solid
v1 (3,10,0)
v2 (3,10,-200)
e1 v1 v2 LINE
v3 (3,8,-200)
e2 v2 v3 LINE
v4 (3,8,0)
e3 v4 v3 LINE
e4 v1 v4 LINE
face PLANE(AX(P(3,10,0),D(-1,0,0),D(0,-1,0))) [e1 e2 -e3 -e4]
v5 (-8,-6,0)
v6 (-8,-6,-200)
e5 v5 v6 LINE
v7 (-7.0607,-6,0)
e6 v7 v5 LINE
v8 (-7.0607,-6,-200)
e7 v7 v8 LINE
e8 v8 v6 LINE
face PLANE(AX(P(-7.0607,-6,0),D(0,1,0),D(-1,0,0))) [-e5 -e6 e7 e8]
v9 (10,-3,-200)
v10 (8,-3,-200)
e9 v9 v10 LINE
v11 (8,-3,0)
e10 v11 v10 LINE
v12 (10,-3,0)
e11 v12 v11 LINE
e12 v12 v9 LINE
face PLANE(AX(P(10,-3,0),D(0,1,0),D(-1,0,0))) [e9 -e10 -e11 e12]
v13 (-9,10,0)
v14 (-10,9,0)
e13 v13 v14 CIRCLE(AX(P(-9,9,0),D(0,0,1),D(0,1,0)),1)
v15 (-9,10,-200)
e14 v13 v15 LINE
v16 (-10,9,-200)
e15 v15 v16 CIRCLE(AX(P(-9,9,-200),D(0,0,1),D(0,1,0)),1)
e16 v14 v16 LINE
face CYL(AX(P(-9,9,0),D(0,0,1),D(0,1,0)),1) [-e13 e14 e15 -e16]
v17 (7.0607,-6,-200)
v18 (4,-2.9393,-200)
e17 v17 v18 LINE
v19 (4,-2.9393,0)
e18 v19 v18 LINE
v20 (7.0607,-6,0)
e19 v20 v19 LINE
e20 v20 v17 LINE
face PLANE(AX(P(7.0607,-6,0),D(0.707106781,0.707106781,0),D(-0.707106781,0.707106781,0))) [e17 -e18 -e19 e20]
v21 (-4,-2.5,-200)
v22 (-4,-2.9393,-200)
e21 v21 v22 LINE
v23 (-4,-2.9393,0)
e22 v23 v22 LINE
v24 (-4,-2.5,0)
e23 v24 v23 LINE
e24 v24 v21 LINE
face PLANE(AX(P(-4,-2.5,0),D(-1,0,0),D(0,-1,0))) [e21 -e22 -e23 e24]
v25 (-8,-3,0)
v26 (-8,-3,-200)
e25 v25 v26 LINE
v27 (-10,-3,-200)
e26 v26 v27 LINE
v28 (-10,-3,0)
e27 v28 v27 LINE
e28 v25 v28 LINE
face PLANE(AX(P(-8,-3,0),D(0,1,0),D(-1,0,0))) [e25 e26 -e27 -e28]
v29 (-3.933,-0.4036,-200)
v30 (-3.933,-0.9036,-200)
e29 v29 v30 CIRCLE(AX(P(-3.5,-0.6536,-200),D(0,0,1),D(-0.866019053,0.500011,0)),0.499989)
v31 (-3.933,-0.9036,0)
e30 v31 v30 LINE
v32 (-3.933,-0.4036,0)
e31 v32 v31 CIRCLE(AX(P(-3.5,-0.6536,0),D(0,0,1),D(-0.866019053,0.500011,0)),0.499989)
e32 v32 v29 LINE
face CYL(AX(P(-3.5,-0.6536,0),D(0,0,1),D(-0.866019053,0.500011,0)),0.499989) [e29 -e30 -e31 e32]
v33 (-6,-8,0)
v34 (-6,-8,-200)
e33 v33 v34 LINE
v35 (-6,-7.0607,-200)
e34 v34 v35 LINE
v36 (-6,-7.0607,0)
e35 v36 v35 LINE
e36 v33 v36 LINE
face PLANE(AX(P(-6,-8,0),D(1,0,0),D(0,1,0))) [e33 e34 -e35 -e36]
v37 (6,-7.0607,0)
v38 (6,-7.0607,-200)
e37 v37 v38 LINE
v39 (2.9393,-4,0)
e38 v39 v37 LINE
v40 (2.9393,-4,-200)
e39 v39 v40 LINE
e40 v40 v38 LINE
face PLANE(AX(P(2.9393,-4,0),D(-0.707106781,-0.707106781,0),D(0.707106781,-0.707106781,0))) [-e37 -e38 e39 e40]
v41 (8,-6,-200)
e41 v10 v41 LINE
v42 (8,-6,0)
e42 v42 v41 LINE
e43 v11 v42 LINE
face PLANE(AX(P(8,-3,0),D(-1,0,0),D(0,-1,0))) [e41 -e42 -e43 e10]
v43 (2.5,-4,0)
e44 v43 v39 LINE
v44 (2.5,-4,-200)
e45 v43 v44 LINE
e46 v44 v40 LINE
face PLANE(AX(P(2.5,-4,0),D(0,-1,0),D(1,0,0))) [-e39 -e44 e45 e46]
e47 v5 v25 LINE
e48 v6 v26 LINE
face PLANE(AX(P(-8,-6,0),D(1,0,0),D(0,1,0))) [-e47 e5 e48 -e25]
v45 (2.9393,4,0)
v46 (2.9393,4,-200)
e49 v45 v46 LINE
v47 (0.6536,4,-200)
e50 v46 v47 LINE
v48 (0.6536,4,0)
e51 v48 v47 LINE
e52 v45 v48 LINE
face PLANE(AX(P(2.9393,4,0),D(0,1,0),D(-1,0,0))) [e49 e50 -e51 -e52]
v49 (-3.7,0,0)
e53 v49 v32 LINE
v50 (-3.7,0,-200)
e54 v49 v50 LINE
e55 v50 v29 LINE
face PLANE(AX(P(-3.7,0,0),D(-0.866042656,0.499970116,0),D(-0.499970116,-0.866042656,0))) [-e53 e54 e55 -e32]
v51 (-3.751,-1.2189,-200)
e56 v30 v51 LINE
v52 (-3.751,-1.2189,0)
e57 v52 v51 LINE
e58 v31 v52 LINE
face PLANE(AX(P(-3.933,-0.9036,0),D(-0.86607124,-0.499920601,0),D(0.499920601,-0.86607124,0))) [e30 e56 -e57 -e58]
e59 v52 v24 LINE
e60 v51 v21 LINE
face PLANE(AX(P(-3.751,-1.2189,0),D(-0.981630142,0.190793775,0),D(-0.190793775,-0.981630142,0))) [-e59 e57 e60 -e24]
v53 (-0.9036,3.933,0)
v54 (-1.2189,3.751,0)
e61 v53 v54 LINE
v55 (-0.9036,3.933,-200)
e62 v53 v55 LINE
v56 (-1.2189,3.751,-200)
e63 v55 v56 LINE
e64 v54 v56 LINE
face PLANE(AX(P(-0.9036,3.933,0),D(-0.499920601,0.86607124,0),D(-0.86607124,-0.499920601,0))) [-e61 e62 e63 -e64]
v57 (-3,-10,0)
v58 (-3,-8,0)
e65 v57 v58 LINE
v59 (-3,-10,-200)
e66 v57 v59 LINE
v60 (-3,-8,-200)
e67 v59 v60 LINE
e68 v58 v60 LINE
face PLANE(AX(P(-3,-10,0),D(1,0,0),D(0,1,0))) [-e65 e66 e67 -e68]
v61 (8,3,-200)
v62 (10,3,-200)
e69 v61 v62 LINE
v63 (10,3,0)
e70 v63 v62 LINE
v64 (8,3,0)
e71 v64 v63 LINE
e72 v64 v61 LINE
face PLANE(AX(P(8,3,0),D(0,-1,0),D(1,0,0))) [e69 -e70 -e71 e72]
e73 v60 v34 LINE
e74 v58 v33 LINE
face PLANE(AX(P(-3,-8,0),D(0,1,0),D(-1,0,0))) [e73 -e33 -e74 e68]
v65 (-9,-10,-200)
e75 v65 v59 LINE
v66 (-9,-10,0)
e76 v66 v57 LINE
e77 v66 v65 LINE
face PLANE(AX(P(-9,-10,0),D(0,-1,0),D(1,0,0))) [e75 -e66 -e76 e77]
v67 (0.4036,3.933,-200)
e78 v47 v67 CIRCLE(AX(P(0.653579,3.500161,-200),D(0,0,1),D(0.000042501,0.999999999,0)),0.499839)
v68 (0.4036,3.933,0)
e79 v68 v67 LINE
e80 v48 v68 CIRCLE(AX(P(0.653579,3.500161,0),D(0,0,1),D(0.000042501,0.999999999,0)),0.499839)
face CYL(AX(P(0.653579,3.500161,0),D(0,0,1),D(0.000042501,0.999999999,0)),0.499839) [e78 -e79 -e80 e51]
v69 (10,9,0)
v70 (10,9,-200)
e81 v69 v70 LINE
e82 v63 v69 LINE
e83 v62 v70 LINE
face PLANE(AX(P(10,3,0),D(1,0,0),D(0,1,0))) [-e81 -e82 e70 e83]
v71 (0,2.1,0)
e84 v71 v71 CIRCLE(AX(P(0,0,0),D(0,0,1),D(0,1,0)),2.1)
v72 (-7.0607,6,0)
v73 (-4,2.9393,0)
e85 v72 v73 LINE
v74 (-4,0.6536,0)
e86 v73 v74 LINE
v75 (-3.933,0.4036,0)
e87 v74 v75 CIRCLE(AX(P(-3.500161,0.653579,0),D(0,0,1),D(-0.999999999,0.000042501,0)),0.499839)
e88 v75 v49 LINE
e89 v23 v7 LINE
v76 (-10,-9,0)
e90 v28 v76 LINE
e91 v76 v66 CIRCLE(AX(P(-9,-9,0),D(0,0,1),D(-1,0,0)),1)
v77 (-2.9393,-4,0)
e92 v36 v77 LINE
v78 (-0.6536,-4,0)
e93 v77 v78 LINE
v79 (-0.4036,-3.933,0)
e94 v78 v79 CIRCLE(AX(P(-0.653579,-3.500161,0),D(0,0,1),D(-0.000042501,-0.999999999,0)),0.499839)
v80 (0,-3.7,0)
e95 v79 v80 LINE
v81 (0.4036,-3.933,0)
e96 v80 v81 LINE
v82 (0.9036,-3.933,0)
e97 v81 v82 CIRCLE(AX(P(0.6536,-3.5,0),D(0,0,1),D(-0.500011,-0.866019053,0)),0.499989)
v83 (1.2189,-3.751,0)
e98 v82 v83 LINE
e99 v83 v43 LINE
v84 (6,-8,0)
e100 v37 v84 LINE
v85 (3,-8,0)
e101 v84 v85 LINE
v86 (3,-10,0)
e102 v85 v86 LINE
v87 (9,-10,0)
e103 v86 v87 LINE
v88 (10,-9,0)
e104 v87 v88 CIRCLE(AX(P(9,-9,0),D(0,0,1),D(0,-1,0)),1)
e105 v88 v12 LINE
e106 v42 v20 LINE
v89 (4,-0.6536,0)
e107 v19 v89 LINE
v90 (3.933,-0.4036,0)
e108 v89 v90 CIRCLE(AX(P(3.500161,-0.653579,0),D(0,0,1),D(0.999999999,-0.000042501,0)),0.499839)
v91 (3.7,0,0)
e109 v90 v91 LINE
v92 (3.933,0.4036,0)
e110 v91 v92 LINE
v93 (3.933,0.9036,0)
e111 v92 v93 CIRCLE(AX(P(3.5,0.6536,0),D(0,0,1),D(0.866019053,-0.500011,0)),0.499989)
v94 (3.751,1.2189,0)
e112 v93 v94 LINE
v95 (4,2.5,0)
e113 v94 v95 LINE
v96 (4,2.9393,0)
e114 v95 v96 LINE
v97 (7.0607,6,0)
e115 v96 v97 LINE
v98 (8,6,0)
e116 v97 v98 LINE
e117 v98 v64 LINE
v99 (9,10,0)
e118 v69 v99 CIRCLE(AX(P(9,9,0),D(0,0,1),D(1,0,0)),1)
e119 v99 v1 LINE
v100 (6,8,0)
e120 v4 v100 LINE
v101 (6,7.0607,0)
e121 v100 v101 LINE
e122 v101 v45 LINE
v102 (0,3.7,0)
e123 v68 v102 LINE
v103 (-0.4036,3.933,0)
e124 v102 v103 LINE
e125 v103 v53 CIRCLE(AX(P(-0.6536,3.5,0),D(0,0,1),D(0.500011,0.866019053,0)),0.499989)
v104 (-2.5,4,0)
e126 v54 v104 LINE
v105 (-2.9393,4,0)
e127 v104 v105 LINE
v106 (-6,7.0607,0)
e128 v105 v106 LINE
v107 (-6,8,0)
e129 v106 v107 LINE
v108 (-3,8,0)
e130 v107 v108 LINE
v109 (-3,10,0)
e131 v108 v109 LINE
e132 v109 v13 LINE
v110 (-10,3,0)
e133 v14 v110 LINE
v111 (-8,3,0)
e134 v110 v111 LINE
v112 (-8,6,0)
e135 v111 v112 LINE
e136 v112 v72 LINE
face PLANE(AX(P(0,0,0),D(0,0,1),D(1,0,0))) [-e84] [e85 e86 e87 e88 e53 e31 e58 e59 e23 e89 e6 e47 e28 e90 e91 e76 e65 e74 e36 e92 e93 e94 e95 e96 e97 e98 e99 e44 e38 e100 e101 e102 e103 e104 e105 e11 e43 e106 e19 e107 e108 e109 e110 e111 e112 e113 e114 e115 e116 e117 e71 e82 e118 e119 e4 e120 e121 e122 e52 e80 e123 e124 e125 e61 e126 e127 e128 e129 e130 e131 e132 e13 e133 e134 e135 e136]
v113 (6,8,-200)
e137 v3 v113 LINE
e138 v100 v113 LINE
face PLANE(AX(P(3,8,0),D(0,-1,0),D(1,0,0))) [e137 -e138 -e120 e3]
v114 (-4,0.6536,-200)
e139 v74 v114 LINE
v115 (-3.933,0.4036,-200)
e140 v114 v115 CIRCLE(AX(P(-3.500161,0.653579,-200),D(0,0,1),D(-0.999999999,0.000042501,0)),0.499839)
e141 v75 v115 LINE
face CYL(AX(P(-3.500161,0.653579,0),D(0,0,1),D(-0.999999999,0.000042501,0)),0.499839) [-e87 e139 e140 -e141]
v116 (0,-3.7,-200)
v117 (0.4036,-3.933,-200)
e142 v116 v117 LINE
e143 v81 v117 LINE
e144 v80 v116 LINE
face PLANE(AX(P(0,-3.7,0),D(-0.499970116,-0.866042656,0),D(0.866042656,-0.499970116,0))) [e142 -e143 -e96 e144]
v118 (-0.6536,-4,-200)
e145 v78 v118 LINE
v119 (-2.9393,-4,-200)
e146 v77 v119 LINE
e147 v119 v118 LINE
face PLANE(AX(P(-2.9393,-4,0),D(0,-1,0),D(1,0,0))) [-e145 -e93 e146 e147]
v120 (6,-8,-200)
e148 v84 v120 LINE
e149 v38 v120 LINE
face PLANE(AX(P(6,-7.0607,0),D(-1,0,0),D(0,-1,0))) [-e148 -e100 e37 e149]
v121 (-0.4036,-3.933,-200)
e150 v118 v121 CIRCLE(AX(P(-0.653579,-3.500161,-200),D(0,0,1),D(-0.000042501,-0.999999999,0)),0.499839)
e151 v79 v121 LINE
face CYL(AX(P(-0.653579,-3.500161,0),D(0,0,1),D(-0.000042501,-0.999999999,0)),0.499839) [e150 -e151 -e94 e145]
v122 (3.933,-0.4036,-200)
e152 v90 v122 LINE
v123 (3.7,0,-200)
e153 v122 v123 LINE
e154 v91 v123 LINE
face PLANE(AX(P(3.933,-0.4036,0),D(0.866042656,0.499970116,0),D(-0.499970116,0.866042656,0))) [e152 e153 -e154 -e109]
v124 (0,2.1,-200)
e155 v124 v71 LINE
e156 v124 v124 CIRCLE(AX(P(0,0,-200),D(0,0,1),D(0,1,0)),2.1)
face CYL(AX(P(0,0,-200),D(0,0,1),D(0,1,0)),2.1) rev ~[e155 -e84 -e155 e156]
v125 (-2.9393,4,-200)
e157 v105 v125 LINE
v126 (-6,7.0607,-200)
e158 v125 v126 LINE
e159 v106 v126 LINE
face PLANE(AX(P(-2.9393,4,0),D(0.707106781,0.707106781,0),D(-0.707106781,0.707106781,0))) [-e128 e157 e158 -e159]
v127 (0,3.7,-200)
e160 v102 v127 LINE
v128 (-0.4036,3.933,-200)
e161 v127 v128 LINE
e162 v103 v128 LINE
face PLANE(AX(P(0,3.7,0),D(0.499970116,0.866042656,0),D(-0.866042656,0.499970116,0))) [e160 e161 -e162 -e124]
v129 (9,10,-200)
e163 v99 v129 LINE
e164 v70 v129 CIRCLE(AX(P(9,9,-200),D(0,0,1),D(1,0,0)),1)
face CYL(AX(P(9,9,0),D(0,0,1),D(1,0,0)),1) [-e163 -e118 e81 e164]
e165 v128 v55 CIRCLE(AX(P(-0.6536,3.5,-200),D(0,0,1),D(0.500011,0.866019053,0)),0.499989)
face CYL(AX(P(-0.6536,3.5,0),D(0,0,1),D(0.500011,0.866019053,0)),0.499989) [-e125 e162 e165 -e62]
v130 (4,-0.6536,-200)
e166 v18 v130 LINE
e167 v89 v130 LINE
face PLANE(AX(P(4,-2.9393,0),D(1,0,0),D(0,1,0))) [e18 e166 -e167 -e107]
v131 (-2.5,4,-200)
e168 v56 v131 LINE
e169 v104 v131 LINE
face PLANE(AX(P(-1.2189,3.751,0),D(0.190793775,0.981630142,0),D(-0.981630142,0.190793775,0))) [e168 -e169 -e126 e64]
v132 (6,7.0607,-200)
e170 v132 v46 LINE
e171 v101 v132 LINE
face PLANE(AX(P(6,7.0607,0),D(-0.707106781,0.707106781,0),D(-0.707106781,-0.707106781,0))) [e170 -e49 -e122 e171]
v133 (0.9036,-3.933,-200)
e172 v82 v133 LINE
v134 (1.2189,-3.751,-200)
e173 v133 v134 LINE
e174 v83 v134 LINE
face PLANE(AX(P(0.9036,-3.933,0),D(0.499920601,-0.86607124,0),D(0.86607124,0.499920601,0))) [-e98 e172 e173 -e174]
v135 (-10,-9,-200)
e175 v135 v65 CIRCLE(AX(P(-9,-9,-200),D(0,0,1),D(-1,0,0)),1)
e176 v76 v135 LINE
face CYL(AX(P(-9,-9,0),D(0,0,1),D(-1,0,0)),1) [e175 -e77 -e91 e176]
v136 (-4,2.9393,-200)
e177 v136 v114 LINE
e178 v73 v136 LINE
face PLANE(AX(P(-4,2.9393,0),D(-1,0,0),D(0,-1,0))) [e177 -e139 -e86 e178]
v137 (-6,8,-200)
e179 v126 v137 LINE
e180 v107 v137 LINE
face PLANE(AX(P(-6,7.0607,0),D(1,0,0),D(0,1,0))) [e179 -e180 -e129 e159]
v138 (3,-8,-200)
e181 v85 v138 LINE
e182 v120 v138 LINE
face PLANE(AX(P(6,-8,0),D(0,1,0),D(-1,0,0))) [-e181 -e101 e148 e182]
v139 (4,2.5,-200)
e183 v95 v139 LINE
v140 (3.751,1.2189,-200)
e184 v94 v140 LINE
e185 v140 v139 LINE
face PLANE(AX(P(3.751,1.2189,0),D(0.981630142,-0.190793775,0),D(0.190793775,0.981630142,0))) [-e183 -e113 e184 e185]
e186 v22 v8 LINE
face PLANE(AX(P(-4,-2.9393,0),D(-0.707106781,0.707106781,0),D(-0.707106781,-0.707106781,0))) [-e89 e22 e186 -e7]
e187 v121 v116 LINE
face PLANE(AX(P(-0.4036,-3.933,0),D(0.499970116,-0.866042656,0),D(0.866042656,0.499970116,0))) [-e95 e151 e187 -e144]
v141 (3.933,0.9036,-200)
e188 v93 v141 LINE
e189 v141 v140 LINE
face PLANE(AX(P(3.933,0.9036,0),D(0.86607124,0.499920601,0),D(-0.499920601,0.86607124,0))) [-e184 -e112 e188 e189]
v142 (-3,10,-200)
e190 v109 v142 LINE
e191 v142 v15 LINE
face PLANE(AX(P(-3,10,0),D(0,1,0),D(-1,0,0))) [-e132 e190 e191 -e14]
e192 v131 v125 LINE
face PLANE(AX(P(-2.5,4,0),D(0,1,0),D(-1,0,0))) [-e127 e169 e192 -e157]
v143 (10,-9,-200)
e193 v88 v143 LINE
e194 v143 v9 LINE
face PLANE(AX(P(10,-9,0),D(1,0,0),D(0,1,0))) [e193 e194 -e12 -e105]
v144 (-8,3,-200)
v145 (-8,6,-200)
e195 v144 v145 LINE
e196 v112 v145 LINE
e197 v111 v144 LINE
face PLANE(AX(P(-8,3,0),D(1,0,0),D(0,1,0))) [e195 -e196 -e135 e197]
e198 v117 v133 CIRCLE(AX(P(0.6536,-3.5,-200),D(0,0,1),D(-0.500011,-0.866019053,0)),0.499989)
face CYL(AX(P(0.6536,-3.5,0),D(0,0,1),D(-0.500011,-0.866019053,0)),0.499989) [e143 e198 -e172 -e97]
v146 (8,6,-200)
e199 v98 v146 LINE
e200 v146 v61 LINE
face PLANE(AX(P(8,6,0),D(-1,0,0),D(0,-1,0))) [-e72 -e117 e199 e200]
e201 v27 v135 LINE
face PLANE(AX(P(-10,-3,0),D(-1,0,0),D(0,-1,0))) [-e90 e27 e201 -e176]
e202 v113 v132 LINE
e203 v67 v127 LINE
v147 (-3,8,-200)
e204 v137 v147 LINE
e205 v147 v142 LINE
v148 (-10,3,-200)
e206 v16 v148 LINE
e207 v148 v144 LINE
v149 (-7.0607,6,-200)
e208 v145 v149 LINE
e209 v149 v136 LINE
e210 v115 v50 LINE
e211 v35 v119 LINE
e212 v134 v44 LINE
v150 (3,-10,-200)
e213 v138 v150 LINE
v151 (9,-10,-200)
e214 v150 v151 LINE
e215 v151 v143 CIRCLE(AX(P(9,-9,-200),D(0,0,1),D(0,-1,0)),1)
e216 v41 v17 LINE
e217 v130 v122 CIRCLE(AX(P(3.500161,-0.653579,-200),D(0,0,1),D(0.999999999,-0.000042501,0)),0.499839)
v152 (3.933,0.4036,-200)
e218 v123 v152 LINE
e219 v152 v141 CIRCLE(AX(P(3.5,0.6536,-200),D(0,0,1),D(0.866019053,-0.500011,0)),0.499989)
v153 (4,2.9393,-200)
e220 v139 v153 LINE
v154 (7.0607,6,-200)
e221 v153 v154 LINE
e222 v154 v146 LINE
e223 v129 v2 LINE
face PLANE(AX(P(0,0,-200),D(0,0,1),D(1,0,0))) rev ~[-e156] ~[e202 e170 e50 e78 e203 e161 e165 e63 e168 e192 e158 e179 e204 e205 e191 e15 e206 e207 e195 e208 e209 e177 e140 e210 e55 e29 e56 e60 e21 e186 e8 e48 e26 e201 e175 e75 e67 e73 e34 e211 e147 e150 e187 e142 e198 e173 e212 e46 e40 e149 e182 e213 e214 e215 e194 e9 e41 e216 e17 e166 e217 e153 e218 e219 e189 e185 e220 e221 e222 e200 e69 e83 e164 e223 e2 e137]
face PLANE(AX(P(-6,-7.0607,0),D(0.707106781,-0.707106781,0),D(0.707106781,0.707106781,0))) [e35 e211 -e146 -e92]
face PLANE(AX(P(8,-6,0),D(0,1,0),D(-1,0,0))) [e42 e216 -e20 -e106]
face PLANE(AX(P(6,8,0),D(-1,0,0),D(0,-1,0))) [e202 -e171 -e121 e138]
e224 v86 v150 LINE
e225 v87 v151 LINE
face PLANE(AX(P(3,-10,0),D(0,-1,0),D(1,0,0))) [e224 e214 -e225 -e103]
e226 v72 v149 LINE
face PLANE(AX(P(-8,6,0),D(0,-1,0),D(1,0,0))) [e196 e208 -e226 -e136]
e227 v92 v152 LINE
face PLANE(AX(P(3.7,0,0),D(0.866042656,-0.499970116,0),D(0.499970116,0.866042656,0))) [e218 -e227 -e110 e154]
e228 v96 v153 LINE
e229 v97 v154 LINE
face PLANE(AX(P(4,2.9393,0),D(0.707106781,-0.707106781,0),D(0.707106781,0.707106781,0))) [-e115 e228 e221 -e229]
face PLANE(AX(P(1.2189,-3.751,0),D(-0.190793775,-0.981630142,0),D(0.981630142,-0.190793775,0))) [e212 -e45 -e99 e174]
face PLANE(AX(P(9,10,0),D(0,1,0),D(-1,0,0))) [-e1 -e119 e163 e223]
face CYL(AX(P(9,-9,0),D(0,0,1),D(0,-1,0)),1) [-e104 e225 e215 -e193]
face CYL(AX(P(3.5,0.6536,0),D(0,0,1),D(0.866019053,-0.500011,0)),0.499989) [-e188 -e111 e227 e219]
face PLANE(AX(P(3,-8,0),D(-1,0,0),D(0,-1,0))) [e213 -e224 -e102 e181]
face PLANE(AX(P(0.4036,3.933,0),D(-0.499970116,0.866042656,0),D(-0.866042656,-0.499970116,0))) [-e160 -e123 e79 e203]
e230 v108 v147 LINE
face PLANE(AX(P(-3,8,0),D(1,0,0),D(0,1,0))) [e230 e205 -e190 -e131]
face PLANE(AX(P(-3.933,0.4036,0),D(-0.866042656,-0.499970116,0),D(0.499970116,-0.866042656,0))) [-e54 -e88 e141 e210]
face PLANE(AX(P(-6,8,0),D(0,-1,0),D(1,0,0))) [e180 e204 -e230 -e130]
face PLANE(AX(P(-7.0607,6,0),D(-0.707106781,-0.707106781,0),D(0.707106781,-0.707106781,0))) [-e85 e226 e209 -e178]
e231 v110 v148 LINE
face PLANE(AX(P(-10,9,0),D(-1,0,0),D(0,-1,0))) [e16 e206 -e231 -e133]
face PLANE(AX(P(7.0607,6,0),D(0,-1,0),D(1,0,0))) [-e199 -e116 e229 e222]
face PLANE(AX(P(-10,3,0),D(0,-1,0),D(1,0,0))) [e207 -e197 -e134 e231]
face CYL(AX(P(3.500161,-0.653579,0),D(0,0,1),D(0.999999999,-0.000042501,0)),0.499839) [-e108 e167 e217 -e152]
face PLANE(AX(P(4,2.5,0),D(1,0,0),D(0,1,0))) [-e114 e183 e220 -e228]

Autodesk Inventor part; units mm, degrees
sketch "Sketch_75" plane through (0, 0, 0) normal (0, 0, 1) x (1, 0, 0)
  line L0 (-10, 3) -> (-8, 3)
  line L1 (-8, 3) -> (-8, 6)
  line L2 (-8, 6) -> (-7.0607, 6)
  line L3 (-7.0607, 6) -> (-4, 2.9393)
  line L4 (-4, 2.9393) -> (-4, 0.6536)
  arc A0 (-4, 0.6536) -> (-3.933, 0.4036) centre (-3.5, 0.6536) ccw
  line L5 (-3.933, 0.4036) -> (-3.7, 0)
  line L6 (-3.7, 0) -> (-3.933, -0.4036)
  arc A1 (-3.933, -0.4036) -> (-3.933, -0.9036) centre (-3.5, -0.6536) ccw
  line L7 (-3.933, -0.9036) -> (-3.751, -1.2189)
  line L8 (-3.751, -1.2189) -> (-4, -2.5)
  line L9 (-4, -2.5) -> (-4, -2.9393)
  line L10 (-4, -2.9393) -> (-7.0607, -6)
  line L11 (-7.0607, -6) -> (-8, -6)
  line L12 (-8, -6) -> (-8, -3)
  line L13 (-8, -3) -> (-10, -3)
  line L14 (-10, -3) -> (-10, -9)
  arc A2 (-10, -9) -> (-9, -10) centre (-9, -9) ccw
  line L15 (-9, -10) -> (-3, -10)
  line L16 (-3, -10) -> (-3, -8)
  line L17 (-3, -8) -> (-6, -8)
  line L18 (-6, -8) -> (-6, -7.0607)
  line L19 (-6, -7.0607) -> (-2.9393, -4)
  line L20 (-2.9393, -4) -> (-0.6536, -4)
  arc A3 (-0.6536, -4) -> (-0.4036, -3.933) centre (-0.6536, -3.5) ccw
  line L21 (-0.4036, -3.933) -> (0, -3.7)
  line L22 (0, -3.7) -> (0.4036, -3.933)
  arc A4 (0.4036, -3.933) -> (0.9036, -3.933) centre (0.6536, -3.5) ccw
  line L23 (0.9036, -3.933) -> (1.2189, -3.751)
  line L24 (1.2189, -3.751) -> (2.5, -4)
  line L25 (2.5, -4) -> (2.9393, -4)
  line L26 (2.9393, -4) -> (6, -7.0607)
  line L27 (6, -7.0607) -> (6, -8)
  line L28 (6, -8) -> (3, -8)
  line L29 (3, -8) -> (3, -10)
  line L30 (3, -10) -> (9, -10)
  arc A5 (9, -10) -> (10, -9) centre (9, -9) ccw
  line L31 (10, -9) -> (10, -3)
  line L32 (10, -3) -> (8, -3)
  line L33 (8, -3) -> (8, -6)
  line L34 (8, -6) -> (7.0607, -6)
  line L35 (7.0607, -6) -> (4, -2.9393)
  line L36 (4, -2.9393) -> (4, -0.6536)
  arc A6 (4, -0.6536) -> (3.933, -0.4036) centre (3.5, -0.6536) ccw
  line L37 (3.933, -0.4036) -> (3.7, 0)
  line L38 (3.7, 0) -> (3.933, 0.4036)
  arc A7 (3.933, 0.4036) -> (3.933, 0.9036) centre (3.5, 0.6536) ccw
  line L39 (3.933, 0.9036) -> (3.751, 1.2189)
  line L40 (3.751, 1.2189) -> (4, 2.5)
  line L41 (4, 2.5) -> (4, 2.9393)
  line L42 (4, 2.9393) -> (7.0607, 6)
  line L43 (7.0607, 6) -> (8, 6)
  line L44 (8, 6) -> (8, 3)
  line L45 (8, 3) -> (10, 3)
  line L46 (10, 3) -> (10, 9)
  arc A8 (10, 9) -> (9, 10) centre (9, 9) ccw
  line L47 (9, 10) -> (3, 10)
  line L48 (3, 10) -> (3, 8)
  line L49 (3, 8) -> (6, 8)
  line L50 (6, 8) -> (6, 7.0607)
  line L51 (6, 7.0607) -> (2.9393, 4)
  line L52 (2.9393, 4) -> (0.6536, 4)
  arc A9 (0.6536, 4) -> (0.4036, 3.933) centre (0.6536, 3.5) ccw
  line L53 (0.4036, 3.933) -> (0, 3.7)
  line L54 (0, 3.7) -> (-0.4036, 3.933)
  arc A10 (-0.4036, 3.933) -> (-0.9036, 3.933) centre (-0.6536, 3.5) ccw
  line L55 (-0.9036, 3.933) -> (-1.2189, 3.751)
  line L56 (-1.2189, 3.751) -> (-2.5, 4)
  line L57 (-2.5, 4) -> (-2.9393, 4)
  line L58 (-2.9393, 4) -> (-6, 7.0607)
  line L59 (-6, 7.0607) -> (-6, 8)
  line L60 (-6, 8) -> (-3, 8)
  line L61 (-3, 8) -> (-3, 10)
  line L62 (-3, 10) -> (-9, 10)
  arc A11 (-9, 10) -> (-10, 9) centre (-9, 9) ccw
  line L63 (-10, 9) -> (-10, 3)
extrude "Extrusion1" add sketch "Sketch_75" against normal blind 200
sketch "Sketch2" plane through (0, 0, -200) normal (0, 0, -1) x (-1, 0, 0)
  point P0 (0, 0)
hole "Hole1" at (0, 0, -200) direction (0, 0, 1) diameter 4.2 depth 200
ref_plane "C1_XY" through (0, 0, 0) normal (0, 0, 1) x (1, 0, 0)
ref_plane "C1_YZ" through (0, 0, 0) normal (1, 0, 0) x (0, 1, 0)
ref_plane "C1_ZX" through (0, 0, 0) normal (0, 1, 0) x (0, 0, 1)
properties part number "NFS5-2020-200" material "アルミニウム 6061"
